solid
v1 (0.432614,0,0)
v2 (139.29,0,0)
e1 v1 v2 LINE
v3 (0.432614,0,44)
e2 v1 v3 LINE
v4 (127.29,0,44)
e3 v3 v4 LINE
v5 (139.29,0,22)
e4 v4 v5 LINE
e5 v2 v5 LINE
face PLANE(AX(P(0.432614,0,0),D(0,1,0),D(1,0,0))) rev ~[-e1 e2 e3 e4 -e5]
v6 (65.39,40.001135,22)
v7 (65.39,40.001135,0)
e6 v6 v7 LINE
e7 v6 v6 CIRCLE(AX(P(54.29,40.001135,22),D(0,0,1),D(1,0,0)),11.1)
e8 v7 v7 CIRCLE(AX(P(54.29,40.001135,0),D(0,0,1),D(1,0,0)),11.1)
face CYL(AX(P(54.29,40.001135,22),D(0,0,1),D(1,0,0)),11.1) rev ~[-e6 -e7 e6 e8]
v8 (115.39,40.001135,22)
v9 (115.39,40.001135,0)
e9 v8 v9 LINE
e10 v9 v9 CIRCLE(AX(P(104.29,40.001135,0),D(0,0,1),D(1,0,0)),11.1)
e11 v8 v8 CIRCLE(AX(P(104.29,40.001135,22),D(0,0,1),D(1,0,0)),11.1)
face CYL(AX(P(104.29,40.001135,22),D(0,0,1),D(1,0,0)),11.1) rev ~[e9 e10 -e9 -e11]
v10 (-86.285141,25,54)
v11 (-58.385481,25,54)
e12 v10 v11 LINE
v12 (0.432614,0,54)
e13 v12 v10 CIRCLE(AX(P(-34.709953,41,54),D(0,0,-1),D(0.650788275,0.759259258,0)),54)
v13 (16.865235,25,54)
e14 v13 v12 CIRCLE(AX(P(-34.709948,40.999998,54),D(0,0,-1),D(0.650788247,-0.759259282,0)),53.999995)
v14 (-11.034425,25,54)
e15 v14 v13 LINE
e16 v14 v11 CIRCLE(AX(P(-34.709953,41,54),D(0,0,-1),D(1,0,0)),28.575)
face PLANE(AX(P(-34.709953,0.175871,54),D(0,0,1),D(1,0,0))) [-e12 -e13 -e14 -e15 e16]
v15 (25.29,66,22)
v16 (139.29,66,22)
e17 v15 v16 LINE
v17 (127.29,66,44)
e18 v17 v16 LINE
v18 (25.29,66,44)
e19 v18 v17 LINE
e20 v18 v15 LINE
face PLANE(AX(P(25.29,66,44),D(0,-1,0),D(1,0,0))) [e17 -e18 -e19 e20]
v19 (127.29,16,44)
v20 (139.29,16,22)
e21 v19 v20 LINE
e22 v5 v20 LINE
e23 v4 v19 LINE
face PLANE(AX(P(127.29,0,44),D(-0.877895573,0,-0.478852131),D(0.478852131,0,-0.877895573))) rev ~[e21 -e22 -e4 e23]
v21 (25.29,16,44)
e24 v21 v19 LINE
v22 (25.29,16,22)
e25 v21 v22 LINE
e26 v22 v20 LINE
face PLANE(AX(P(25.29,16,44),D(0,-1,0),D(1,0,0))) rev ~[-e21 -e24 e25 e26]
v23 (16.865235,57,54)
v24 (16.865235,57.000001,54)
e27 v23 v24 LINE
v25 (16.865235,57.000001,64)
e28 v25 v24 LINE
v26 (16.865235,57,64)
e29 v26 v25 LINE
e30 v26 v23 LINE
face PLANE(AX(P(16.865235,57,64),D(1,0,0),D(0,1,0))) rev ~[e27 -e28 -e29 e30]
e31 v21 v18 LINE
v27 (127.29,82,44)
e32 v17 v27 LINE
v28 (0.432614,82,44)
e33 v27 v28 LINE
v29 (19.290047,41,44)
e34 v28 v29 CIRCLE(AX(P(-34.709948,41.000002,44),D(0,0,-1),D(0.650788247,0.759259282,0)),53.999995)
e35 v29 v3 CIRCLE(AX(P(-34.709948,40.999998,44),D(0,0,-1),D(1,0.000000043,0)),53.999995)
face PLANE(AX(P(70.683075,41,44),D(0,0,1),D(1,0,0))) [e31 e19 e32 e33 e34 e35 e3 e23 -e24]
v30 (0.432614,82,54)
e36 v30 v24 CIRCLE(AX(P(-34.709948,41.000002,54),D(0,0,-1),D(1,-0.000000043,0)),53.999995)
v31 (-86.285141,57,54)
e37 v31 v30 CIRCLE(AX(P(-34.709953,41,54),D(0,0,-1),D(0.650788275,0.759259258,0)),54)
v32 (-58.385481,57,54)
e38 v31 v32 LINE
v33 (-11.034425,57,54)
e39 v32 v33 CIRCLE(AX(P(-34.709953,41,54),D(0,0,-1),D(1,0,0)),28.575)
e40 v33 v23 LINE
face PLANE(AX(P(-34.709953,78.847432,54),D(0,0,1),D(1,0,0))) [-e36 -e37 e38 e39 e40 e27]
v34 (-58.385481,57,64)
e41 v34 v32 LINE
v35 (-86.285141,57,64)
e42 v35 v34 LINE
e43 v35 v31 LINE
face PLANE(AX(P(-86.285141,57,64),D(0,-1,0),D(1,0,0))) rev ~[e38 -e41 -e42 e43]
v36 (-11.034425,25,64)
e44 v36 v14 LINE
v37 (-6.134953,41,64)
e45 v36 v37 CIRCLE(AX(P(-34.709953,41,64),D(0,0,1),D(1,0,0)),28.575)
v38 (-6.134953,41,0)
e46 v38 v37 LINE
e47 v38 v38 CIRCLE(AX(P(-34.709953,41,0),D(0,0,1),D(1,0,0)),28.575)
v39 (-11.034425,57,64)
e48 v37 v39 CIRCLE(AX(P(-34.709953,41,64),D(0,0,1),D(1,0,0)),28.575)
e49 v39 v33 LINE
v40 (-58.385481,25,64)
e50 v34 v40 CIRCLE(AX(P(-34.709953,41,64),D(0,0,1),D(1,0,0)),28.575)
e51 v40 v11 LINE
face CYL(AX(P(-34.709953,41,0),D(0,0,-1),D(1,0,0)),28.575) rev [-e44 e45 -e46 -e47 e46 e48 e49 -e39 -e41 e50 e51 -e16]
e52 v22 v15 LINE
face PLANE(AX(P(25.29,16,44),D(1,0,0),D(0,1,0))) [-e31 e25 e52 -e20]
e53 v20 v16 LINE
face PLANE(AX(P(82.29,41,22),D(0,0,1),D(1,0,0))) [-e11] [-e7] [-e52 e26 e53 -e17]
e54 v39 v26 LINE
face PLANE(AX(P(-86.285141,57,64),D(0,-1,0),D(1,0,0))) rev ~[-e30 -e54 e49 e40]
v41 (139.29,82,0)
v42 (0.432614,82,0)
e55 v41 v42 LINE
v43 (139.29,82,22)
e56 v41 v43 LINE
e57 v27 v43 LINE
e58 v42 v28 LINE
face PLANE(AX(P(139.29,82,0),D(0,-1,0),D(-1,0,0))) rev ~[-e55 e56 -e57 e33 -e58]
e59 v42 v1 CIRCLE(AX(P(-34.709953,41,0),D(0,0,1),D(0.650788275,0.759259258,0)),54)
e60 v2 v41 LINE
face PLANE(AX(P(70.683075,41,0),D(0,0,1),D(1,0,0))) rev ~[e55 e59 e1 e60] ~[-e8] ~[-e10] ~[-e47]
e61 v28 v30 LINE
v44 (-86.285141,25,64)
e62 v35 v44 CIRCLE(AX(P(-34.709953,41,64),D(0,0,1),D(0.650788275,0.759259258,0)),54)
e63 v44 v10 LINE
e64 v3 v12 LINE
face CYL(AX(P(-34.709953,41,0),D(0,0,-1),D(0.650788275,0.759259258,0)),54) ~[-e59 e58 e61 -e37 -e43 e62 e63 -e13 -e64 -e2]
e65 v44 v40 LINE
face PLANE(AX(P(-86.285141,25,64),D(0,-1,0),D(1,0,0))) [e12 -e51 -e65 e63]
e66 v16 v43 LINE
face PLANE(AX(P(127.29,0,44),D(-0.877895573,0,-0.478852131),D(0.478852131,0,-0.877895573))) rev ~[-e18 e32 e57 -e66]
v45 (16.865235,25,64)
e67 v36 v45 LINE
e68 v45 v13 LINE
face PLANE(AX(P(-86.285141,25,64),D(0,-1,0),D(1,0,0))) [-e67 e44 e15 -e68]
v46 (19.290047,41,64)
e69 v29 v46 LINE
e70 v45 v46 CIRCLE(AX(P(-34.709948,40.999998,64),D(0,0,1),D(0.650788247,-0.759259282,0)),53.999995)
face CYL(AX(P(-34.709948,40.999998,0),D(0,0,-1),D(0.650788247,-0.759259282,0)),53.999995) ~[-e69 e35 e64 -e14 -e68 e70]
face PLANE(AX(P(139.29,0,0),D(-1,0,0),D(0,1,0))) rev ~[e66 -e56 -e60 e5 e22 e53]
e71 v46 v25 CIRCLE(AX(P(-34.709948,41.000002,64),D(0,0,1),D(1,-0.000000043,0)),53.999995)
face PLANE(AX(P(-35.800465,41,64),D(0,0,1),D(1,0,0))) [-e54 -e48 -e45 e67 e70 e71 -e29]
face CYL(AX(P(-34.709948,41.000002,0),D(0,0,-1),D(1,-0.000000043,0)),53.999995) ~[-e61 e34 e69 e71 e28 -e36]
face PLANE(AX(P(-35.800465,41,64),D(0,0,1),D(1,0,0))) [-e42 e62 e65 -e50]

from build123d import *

# Parameters (mm, degrees)
F0_R      = 28.575
F1_DEPTH  = 64
F2_DEPTH  = 44
F3_W      = 103.150376
F3_H      = 49.648258
F3_H_2    = 43.694865
F4_DEPTH  = 10
F5_W      = 114
F5_H      = 50
F6_DEPTH  = 22
F8_DEPTH  = 95.001
F9_R      = 11.1
F10_DEPTH = 22.001


with BuildPart() as f1:
    # F0 (on Top) → F1 (new body)
    with BuildSketch(Plane.XY):
        with BuildLine():
            Line((0.432614, 0), (0, 0))
            Line((0, 0), (0, 82))
            Line((0, 82), (0.432614, 82))
            ThreePointArc((0.432614, 82), (-88.709953, 41), (0.432614, 0))
        make_face()
        with Locations((-34.709953, 41)):
            Circle(F0_R, mode=Mode.SUBTRACT)
        with BuildLine():
            Line((0, 82), (0, 0))
            Line((0, 0), (0.432614, 0))
            ThreePointArc((0.432614, 0), (14.349698, 18.435632), (19.290047, 41))
            ThreePointArc((19.290047, 41), (14.349698, 63.564368), (0.432614, 82))
            Line((0.432614, 82), (0, 82))
        make_face()
    extrude(amount=F1_DEPTH)

    # F0 (on Top) → F2 (join)
    with BuildSketch(Plane.XY):
        with BuildLine():
            ThreePointArc((19.290047, 41), (14.349698, 18.435632), (0.432614, 0))
            Line((0.432614, 0), (139.29, 0))
            Line((139.29, 0), (139.29, 82))
            Line((139.29, 82), (0.432614, 82))
            ThreePointArc((0.432614, 82), (14.349698, 63.564368), (19.290047, 41))
        make_face()
    extrude(amount=F2_DEPTH)

    # F3 (on face) → F4 (cut)
    with BuildSketch(Plane.XY.offset(64)):
        with Locations((-34.709953, 0.175871)):
            Rectangle(F3_W, F3_H)
        with Locations((-34.709953, 78.847432)):
            Rectangle(F3_W, F3_H_2)
    extrude(amount=-F4_DEPTH, mode=Mode.SUBTRACT)

    # F5 (on face) → F6 (cut)
    with BuildSketch(Plane.XY.offset(44)):
        with Locations((82.29, 41)):
            Rectangle(F5_W, F5_H)
    extrude(amount=-F6_DEPTH, mode=Mode.SUBTRACT)

    # F7 (on face) → F8 (cut, through all)
    with BuildSketch(Plane.XZ):
        Polygon((139.29, 22), (139.29, 44), (127.29, 44), align=None)
    extrude(amount=-F8_DEPTH, mode=Mode.SUBTRACT)

    # F9 (on face) → F10 (cut, through all)
    with BuildSketch(Plane.XY.offset(22)):
        with Locations((54.29, 40.001135)):
            Circle(F9_R)
        with Locations((104.29, 40.001135)):
            Circle(F9_R)
    extrude(amount=-F10_DEPTH, mode=Mode.SUBTRACT)


solid = f1.part
